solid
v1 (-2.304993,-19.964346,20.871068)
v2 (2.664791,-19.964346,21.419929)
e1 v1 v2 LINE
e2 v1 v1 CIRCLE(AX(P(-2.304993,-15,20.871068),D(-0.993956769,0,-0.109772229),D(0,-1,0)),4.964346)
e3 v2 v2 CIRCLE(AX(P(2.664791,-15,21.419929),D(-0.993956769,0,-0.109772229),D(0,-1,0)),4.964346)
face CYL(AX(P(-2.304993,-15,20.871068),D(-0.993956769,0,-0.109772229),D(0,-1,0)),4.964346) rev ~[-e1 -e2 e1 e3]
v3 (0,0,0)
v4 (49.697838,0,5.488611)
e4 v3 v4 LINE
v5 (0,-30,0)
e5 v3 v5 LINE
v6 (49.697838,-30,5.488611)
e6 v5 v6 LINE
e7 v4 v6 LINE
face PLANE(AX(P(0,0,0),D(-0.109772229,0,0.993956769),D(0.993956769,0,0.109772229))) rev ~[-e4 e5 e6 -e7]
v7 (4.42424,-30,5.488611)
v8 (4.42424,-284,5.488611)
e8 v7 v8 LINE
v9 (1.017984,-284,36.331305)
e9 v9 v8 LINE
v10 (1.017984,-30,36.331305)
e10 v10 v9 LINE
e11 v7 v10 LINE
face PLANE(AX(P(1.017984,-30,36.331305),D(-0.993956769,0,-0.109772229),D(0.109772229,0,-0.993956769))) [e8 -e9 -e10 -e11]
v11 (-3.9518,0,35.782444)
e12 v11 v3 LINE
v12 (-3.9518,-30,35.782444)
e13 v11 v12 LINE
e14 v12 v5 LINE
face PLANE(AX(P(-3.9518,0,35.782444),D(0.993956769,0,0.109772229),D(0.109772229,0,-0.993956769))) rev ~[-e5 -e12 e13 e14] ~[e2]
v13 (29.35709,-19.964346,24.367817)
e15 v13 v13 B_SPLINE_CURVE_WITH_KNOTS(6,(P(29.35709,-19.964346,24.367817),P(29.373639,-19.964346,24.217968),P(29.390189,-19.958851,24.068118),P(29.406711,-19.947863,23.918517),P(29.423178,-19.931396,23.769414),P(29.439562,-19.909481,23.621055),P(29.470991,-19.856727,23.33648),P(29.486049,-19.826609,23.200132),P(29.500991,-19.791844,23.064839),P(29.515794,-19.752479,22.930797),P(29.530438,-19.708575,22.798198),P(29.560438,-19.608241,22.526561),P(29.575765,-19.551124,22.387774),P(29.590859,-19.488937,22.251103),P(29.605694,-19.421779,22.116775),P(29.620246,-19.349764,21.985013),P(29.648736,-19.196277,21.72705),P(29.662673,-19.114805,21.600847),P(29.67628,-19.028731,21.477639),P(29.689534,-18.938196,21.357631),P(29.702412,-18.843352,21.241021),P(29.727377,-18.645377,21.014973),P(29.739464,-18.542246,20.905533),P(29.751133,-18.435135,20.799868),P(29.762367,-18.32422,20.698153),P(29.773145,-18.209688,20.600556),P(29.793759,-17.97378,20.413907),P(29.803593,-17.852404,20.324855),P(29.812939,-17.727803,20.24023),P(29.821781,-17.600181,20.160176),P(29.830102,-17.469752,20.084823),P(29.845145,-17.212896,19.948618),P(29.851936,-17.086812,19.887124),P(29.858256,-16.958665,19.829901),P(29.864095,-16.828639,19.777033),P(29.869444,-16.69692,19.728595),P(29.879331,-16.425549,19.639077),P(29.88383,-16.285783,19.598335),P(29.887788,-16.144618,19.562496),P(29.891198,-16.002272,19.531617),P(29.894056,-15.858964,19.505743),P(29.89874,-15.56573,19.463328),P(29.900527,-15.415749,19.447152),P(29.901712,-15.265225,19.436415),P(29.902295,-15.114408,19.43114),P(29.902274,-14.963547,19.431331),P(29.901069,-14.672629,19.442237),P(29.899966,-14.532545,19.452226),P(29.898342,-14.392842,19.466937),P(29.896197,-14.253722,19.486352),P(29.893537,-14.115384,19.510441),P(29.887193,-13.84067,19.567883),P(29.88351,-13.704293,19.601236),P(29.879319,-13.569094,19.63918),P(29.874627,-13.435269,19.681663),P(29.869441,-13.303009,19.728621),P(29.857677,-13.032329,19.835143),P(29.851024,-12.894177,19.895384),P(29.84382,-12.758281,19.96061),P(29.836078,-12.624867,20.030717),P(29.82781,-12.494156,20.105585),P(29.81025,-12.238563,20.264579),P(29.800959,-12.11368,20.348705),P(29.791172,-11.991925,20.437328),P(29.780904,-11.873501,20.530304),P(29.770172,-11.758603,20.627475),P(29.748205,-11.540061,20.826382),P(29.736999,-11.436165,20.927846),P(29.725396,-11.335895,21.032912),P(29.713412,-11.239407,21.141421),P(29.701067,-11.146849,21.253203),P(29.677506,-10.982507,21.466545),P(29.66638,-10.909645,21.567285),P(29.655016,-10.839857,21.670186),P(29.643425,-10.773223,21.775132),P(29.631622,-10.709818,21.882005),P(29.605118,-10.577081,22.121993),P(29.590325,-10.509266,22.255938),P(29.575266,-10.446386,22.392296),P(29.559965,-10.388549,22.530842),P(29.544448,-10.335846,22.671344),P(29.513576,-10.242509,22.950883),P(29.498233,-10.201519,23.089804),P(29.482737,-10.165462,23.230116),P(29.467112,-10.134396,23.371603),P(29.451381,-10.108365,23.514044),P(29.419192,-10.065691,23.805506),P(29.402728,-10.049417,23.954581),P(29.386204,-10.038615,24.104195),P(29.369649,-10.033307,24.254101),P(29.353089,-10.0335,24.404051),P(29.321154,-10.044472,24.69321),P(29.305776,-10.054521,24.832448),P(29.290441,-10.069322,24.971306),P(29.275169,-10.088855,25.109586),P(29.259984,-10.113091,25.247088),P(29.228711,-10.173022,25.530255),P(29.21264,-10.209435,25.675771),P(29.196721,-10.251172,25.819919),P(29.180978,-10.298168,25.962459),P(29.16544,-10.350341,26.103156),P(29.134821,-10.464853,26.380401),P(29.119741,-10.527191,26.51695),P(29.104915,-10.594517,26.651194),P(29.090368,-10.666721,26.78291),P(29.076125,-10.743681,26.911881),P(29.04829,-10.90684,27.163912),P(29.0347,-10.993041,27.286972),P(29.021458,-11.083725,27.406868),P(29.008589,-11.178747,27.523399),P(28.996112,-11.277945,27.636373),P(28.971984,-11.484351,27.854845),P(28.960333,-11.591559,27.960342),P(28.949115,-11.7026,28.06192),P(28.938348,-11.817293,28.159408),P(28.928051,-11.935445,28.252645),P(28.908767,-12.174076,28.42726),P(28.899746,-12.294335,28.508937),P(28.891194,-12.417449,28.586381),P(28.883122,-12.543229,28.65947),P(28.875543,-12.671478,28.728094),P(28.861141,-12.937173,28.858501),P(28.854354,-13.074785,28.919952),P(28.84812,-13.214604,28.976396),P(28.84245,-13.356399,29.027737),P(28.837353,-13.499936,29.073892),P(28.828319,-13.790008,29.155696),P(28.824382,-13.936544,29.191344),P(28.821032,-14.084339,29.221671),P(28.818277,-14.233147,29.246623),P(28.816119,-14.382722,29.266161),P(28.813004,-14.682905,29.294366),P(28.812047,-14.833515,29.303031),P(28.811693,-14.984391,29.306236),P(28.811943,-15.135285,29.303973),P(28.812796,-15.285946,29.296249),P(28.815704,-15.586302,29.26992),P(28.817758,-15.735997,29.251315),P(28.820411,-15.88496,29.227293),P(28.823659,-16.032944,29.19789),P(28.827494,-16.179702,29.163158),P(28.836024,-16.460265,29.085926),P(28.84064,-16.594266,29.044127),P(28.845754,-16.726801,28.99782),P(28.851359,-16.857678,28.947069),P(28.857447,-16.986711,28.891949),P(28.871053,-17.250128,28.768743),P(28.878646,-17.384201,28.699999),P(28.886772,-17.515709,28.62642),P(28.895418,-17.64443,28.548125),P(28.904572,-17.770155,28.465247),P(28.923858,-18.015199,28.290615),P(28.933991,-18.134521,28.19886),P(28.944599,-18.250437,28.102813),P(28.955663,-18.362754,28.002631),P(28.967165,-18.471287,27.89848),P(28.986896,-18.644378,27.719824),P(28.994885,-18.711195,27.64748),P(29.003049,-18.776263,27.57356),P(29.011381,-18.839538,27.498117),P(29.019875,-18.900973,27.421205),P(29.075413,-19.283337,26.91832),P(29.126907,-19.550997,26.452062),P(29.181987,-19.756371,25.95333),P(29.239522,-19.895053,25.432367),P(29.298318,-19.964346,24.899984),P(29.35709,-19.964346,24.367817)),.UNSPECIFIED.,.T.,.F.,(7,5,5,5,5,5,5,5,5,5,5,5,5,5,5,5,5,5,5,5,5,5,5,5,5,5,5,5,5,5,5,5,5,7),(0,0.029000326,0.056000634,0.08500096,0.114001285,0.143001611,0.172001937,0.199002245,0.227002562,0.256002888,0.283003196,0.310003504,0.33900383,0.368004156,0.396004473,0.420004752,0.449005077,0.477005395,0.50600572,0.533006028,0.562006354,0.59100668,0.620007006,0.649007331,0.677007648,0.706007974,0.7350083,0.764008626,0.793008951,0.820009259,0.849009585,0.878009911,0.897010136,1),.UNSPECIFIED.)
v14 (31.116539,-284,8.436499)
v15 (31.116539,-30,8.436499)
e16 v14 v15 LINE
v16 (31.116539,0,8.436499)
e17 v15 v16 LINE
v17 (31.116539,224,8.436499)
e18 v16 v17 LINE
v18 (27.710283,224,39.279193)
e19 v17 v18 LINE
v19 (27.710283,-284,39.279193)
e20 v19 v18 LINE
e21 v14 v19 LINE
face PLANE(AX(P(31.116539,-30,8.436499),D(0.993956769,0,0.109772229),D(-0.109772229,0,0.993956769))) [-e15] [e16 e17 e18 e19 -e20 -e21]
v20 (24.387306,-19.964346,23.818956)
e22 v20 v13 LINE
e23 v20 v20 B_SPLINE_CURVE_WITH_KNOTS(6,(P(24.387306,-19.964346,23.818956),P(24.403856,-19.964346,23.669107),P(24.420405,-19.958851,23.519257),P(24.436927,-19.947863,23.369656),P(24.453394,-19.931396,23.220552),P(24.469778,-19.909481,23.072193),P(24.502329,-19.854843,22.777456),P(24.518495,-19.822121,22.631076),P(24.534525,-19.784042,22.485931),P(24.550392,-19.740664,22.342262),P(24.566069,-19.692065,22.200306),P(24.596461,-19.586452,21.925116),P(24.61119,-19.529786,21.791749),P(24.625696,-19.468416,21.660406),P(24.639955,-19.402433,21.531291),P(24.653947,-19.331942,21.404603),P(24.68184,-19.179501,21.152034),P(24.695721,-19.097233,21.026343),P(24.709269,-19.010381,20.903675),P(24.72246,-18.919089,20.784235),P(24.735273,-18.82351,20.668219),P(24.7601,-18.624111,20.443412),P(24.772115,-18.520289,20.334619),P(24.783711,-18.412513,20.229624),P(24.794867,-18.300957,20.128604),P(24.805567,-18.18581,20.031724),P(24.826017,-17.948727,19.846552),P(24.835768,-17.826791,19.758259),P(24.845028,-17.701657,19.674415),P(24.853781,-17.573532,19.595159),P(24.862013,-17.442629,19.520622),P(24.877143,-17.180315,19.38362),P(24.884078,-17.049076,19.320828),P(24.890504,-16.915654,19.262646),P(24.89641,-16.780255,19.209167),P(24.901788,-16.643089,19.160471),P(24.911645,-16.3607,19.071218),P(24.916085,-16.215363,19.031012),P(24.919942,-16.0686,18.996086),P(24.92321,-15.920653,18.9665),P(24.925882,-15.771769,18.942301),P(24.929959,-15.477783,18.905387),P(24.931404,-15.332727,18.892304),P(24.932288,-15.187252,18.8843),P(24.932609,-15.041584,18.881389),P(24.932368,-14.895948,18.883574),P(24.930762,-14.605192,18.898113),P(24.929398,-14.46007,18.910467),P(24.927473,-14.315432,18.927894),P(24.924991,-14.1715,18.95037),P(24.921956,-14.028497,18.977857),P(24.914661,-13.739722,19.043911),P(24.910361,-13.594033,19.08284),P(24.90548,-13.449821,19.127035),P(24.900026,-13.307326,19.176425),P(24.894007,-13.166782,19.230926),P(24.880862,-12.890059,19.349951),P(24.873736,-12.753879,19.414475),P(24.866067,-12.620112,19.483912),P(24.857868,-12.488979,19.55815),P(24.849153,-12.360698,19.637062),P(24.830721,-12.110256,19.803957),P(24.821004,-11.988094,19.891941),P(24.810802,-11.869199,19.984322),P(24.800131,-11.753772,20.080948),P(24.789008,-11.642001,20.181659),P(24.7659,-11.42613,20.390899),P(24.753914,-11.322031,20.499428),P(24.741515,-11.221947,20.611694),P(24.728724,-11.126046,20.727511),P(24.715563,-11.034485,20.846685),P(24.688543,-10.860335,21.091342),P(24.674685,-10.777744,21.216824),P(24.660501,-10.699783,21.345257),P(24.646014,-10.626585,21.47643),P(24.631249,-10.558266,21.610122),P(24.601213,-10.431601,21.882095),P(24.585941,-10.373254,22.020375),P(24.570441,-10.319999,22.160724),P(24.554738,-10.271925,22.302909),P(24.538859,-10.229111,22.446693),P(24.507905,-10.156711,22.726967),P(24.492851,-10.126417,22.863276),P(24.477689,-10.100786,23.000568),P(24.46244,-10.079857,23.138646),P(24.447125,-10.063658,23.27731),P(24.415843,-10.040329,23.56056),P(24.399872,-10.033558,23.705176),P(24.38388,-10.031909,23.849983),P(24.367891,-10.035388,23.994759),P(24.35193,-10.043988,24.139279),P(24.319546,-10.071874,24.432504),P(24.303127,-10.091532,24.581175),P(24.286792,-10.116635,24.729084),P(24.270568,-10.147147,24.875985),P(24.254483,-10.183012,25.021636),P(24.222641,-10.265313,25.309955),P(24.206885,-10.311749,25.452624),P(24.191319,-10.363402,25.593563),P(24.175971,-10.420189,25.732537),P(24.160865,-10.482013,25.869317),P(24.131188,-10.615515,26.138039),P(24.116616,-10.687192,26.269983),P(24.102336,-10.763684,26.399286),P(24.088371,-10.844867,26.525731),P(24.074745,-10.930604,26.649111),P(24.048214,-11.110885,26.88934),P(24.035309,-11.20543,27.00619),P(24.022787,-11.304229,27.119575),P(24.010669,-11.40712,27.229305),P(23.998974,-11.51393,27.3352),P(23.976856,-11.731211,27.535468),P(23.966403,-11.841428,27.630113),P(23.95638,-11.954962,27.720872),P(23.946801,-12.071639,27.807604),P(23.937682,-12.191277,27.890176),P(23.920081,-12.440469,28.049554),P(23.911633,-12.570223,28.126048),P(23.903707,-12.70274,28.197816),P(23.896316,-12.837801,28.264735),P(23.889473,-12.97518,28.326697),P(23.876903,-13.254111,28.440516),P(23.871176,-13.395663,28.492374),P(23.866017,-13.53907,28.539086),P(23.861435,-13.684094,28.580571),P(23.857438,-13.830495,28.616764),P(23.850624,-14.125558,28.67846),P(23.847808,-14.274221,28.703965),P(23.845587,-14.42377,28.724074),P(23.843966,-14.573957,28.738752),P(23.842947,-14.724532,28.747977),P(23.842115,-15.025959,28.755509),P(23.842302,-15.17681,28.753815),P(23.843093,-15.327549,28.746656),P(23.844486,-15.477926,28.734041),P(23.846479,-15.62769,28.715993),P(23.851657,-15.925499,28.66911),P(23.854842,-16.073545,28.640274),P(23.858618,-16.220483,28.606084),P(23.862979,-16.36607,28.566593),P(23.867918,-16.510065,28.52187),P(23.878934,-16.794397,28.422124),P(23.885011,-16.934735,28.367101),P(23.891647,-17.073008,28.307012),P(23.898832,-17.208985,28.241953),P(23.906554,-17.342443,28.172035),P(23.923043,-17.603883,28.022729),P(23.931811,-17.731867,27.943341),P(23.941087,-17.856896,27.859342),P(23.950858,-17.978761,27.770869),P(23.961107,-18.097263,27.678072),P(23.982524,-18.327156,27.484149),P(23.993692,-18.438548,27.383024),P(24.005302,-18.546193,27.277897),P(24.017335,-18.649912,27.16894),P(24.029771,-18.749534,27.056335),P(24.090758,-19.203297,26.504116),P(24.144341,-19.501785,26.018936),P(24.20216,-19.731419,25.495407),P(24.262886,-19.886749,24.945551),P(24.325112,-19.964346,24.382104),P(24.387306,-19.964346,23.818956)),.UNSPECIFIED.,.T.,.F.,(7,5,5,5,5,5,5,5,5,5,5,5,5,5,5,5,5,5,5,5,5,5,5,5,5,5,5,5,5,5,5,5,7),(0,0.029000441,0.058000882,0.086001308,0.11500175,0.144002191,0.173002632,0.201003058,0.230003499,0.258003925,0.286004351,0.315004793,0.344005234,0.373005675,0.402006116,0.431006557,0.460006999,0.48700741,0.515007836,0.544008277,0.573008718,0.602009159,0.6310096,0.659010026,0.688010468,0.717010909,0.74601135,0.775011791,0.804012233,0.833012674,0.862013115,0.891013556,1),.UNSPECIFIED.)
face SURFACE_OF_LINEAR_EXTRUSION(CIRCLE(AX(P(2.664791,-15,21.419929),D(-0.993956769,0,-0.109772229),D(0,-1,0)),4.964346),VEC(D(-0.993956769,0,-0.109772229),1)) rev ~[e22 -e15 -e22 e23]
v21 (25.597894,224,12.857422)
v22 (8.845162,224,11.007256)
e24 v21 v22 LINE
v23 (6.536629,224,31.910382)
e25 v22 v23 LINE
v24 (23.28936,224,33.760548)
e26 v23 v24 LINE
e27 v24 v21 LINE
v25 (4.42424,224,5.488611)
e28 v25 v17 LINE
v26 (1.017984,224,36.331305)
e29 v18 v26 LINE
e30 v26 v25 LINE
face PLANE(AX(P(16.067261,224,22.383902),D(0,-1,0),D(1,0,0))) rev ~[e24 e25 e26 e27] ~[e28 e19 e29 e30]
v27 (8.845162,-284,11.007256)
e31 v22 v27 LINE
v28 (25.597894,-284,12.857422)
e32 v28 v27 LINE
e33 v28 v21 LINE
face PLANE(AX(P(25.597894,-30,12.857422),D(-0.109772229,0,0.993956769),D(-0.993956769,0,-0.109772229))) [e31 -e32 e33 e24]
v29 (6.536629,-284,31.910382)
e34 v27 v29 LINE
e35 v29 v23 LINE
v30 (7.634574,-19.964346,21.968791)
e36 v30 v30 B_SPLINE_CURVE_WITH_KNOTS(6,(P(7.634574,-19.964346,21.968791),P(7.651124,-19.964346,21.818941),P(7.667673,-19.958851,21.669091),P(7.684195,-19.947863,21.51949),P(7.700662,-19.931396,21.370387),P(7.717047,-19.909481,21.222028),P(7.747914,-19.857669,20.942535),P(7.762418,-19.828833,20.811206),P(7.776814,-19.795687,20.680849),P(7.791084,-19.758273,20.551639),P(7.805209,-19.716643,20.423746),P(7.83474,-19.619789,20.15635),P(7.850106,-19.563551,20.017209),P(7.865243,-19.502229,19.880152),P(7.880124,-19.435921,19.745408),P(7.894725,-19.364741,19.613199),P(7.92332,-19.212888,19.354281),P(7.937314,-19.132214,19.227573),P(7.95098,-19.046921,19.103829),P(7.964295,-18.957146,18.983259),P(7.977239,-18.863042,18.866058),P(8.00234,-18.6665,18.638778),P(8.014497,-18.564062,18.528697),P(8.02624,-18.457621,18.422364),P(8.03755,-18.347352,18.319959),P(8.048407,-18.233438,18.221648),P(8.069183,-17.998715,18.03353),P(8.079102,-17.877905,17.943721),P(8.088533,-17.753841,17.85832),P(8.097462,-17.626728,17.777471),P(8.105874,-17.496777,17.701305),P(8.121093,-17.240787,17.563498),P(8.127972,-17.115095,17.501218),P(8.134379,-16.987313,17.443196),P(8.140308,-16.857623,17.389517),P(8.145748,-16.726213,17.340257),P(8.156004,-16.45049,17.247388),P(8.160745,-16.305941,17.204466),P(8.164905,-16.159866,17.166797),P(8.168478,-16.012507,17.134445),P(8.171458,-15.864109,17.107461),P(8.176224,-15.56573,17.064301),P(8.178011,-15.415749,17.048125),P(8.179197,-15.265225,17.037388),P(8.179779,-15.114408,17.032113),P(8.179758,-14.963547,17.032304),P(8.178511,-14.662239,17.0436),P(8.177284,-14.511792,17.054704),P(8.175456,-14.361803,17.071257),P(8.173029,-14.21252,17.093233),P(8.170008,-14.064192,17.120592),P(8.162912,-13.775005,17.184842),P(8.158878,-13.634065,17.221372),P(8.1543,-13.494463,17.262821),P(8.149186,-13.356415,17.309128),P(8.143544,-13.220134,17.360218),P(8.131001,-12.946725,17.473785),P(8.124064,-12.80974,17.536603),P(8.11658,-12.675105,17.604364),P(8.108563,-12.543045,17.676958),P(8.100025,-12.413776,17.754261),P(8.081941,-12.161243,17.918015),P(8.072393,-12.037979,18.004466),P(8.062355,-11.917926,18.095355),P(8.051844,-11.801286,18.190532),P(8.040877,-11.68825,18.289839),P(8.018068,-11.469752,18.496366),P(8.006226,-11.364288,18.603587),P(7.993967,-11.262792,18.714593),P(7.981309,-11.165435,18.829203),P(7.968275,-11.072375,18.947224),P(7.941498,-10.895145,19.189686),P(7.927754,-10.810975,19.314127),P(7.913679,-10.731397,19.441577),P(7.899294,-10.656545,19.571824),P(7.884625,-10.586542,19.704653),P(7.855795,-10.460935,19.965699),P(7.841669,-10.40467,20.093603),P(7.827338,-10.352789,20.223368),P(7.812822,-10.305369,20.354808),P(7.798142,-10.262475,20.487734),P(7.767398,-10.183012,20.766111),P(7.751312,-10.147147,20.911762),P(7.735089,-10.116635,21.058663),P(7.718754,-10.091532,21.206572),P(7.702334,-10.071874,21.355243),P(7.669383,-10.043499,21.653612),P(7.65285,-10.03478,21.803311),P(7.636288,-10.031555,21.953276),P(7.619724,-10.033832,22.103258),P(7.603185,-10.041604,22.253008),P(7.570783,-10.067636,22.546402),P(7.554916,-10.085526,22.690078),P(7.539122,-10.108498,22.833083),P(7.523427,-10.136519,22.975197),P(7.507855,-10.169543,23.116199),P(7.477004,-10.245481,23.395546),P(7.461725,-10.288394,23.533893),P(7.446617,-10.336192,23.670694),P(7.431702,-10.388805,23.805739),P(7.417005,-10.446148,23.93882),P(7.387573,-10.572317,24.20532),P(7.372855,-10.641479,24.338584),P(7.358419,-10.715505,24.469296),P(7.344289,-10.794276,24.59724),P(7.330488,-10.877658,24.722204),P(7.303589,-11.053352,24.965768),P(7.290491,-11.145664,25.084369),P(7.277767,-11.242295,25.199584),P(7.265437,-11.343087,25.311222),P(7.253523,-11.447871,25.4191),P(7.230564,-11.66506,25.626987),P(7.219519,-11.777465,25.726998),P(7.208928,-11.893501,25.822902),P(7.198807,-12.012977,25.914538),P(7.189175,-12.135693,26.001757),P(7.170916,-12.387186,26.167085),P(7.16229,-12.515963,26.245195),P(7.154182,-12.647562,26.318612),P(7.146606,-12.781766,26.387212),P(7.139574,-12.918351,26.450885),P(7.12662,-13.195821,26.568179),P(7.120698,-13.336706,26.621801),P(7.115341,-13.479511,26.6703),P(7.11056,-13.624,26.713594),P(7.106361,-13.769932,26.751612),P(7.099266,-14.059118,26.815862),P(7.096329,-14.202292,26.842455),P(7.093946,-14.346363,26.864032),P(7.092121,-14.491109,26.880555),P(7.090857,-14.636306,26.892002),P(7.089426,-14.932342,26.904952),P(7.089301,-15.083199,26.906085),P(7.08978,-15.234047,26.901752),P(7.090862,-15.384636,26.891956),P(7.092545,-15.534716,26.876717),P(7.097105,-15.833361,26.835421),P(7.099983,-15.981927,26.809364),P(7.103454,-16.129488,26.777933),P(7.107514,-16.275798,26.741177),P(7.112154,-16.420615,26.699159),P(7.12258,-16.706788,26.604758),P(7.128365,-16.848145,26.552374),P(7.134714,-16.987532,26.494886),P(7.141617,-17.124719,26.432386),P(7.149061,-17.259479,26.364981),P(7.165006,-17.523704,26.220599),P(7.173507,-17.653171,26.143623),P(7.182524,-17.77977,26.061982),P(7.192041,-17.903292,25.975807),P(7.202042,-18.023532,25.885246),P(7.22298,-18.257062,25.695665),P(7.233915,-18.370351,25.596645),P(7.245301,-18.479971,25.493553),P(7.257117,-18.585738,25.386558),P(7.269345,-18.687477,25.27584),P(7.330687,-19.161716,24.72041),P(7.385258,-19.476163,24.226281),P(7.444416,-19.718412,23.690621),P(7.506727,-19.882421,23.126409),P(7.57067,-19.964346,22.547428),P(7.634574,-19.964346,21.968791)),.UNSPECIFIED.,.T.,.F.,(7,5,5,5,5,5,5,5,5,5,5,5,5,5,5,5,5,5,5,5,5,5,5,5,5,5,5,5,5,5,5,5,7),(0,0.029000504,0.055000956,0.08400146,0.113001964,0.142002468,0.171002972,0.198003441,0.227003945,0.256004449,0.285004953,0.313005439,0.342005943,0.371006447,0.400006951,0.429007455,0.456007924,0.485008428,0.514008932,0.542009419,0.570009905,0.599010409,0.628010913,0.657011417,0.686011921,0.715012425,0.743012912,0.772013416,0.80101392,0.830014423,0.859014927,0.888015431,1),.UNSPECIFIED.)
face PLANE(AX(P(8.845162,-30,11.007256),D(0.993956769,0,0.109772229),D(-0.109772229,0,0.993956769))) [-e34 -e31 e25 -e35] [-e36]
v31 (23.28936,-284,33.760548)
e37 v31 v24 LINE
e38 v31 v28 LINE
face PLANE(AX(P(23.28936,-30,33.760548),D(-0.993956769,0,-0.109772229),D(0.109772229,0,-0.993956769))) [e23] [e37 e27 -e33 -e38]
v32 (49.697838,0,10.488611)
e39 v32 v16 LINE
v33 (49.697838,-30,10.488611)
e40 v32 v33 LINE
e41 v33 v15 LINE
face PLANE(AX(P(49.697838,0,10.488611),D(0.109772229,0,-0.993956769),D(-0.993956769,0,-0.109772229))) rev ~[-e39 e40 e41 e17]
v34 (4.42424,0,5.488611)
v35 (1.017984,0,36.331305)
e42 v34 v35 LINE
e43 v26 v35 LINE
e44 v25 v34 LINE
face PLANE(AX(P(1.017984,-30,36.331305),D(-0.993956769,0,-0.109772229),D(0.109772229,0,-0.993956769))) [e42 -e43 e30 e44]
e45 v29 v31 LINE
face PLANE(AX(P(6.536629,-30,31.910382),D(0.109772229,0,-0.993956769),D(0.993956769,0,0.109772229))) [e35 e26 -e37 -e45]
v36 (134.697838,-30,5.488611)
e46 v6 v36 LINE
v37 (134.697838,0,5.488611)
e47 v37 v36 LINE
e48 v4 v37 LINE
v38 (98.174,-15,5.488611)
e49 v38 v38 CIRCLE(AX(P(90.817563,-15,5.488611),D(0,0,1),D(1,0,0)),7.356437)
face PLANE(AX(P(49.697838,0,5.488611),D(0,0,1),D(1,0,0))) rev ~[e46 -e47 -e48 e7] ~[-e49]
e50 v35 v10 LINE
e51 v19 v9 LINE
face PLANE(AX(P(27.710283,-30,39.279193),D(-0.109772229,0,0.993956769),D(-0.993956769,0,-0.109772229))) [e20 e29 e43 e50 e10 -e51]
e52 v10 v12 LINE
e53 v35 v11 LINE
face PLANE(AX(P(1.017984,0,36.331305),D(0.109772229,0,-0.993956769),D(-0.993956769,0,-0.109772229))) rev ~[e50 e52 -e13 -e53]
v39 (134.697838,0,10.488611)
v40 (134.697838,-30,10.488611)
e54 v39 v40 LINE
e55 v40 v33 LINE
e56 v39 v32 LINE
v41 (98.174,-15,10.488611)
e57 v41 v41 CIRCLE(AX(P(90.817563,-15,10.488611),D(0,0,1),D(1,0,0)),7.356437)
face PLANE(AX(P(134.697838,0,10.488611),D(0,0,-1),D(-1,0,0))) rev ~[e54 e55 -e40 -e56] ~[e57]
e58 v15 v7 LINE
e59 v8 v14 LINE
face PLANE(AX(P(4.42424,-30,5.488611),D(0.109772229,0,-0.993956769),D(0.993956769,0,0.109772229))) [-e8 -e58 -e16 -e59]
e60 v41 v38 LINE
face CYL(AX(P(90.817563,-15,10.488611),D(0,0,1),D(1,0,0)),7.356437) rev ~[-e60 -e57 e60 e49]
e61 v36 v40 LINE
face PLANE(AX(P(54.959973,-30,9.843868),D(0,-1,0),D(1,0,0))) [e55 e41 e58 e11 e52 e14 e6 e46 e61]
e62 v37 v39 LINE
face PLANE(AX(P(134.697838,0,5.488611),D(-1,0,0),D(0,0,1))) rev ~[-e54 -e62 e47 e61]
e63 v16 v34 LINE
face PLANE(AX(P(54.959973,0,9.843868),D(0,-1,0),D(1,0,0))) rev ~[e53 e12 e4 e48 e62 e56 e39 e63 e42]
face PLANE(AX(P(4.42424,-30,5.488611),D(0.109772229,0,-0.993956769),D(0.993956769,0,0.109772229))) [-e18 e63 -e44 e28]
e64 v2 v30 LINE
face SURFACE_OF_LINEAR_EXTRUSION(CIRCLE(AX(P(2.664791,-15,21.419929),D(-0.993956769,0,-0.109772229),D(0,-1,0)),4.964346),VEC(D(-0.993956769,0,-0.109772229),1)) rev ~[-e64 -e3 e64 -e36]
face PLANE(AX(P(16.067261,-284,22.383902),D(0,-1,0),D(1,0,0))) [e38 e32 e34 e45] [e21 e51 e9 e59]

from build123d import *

# Parameters (mm, degrees)
F1_DEPTH = 30
F2_R     = 7.3564369941
F3_DEPTH = 10.4896114323
F4_R     = 4.9643455943
F5_DEPTH = 137.8729965196
F7_DEPTH = 254
F8_DEPTH = 133.196592753


with BuildPart() as f1:
    # F0 (on Front) → F1 (new body)
    with BuildSketch(Plane.XZ):
        Polygon((1.0179836117, 36.3313048123), (-3.9518002313, 35.7824436691), (0, 0), (49.6978384293, 5.4886114323), (134.6978384293, 5.4886114323), (134.6978384293, 10.4886114323), (49.6978384293, 10.4886114323), (4.4242395946, 5.4886114323), align=None)
    extrude(amount=F1_DEPTH)

    # F2 (on face) → F3 (cut, through all)
    with BuildSketch(Plane.XY.offset(10.4886114323)):
        with Locations((90.8175626415, -15)):
            Circle(F2_R)
    extrude(amount=-F3_DEPTH, mode=Mode.SUBTRACT)

    # F4 (on face) → F5 (cut, through all)
    with BuildSketch(Plane(origin=(0, 0, 0), x_dir=(0, -1, 0), z_dir=(-0.9939567686, 0, -0.1097722286))):
        with Locations((15, 20.9979638457)):
            Circle(F4_R)
    extrude(amount=-F5_DEPTH, mode=Mode.SUBTRACT)

    # F6 (on face) → F7 (join, symmetric)
    with BuildSketch(Plane.XZ.offset(30)):
        Polygon((27.710283177, 39.2791927926), (1.0179836117, 36.3313048123), (4.4242395946, 5.4886114323), (31.1165391599, 8.4364994126), align=None)
        Polygon((8.8451622943, 11.0072564185), (6.5366285978, 31.9103821126), (23.2893604773, 33.7605478064), (25.5978941738, 12.8574221123), align=None, mode=Mode.SUBTRACT)
    extrude(amount=F7_DEPTH, both=True)

    # F8 (cut, through all): a face of the model
    f8_faces = [f1.faces().sort_by_distance(p)[0] for p in [
        (2.6647905545, -15, 21.4199294342),
    ]]
    extrude(f8_faces, amount=-F8_DEPTH, mode=Mode.SUBTRACT)


solid = f1.part
